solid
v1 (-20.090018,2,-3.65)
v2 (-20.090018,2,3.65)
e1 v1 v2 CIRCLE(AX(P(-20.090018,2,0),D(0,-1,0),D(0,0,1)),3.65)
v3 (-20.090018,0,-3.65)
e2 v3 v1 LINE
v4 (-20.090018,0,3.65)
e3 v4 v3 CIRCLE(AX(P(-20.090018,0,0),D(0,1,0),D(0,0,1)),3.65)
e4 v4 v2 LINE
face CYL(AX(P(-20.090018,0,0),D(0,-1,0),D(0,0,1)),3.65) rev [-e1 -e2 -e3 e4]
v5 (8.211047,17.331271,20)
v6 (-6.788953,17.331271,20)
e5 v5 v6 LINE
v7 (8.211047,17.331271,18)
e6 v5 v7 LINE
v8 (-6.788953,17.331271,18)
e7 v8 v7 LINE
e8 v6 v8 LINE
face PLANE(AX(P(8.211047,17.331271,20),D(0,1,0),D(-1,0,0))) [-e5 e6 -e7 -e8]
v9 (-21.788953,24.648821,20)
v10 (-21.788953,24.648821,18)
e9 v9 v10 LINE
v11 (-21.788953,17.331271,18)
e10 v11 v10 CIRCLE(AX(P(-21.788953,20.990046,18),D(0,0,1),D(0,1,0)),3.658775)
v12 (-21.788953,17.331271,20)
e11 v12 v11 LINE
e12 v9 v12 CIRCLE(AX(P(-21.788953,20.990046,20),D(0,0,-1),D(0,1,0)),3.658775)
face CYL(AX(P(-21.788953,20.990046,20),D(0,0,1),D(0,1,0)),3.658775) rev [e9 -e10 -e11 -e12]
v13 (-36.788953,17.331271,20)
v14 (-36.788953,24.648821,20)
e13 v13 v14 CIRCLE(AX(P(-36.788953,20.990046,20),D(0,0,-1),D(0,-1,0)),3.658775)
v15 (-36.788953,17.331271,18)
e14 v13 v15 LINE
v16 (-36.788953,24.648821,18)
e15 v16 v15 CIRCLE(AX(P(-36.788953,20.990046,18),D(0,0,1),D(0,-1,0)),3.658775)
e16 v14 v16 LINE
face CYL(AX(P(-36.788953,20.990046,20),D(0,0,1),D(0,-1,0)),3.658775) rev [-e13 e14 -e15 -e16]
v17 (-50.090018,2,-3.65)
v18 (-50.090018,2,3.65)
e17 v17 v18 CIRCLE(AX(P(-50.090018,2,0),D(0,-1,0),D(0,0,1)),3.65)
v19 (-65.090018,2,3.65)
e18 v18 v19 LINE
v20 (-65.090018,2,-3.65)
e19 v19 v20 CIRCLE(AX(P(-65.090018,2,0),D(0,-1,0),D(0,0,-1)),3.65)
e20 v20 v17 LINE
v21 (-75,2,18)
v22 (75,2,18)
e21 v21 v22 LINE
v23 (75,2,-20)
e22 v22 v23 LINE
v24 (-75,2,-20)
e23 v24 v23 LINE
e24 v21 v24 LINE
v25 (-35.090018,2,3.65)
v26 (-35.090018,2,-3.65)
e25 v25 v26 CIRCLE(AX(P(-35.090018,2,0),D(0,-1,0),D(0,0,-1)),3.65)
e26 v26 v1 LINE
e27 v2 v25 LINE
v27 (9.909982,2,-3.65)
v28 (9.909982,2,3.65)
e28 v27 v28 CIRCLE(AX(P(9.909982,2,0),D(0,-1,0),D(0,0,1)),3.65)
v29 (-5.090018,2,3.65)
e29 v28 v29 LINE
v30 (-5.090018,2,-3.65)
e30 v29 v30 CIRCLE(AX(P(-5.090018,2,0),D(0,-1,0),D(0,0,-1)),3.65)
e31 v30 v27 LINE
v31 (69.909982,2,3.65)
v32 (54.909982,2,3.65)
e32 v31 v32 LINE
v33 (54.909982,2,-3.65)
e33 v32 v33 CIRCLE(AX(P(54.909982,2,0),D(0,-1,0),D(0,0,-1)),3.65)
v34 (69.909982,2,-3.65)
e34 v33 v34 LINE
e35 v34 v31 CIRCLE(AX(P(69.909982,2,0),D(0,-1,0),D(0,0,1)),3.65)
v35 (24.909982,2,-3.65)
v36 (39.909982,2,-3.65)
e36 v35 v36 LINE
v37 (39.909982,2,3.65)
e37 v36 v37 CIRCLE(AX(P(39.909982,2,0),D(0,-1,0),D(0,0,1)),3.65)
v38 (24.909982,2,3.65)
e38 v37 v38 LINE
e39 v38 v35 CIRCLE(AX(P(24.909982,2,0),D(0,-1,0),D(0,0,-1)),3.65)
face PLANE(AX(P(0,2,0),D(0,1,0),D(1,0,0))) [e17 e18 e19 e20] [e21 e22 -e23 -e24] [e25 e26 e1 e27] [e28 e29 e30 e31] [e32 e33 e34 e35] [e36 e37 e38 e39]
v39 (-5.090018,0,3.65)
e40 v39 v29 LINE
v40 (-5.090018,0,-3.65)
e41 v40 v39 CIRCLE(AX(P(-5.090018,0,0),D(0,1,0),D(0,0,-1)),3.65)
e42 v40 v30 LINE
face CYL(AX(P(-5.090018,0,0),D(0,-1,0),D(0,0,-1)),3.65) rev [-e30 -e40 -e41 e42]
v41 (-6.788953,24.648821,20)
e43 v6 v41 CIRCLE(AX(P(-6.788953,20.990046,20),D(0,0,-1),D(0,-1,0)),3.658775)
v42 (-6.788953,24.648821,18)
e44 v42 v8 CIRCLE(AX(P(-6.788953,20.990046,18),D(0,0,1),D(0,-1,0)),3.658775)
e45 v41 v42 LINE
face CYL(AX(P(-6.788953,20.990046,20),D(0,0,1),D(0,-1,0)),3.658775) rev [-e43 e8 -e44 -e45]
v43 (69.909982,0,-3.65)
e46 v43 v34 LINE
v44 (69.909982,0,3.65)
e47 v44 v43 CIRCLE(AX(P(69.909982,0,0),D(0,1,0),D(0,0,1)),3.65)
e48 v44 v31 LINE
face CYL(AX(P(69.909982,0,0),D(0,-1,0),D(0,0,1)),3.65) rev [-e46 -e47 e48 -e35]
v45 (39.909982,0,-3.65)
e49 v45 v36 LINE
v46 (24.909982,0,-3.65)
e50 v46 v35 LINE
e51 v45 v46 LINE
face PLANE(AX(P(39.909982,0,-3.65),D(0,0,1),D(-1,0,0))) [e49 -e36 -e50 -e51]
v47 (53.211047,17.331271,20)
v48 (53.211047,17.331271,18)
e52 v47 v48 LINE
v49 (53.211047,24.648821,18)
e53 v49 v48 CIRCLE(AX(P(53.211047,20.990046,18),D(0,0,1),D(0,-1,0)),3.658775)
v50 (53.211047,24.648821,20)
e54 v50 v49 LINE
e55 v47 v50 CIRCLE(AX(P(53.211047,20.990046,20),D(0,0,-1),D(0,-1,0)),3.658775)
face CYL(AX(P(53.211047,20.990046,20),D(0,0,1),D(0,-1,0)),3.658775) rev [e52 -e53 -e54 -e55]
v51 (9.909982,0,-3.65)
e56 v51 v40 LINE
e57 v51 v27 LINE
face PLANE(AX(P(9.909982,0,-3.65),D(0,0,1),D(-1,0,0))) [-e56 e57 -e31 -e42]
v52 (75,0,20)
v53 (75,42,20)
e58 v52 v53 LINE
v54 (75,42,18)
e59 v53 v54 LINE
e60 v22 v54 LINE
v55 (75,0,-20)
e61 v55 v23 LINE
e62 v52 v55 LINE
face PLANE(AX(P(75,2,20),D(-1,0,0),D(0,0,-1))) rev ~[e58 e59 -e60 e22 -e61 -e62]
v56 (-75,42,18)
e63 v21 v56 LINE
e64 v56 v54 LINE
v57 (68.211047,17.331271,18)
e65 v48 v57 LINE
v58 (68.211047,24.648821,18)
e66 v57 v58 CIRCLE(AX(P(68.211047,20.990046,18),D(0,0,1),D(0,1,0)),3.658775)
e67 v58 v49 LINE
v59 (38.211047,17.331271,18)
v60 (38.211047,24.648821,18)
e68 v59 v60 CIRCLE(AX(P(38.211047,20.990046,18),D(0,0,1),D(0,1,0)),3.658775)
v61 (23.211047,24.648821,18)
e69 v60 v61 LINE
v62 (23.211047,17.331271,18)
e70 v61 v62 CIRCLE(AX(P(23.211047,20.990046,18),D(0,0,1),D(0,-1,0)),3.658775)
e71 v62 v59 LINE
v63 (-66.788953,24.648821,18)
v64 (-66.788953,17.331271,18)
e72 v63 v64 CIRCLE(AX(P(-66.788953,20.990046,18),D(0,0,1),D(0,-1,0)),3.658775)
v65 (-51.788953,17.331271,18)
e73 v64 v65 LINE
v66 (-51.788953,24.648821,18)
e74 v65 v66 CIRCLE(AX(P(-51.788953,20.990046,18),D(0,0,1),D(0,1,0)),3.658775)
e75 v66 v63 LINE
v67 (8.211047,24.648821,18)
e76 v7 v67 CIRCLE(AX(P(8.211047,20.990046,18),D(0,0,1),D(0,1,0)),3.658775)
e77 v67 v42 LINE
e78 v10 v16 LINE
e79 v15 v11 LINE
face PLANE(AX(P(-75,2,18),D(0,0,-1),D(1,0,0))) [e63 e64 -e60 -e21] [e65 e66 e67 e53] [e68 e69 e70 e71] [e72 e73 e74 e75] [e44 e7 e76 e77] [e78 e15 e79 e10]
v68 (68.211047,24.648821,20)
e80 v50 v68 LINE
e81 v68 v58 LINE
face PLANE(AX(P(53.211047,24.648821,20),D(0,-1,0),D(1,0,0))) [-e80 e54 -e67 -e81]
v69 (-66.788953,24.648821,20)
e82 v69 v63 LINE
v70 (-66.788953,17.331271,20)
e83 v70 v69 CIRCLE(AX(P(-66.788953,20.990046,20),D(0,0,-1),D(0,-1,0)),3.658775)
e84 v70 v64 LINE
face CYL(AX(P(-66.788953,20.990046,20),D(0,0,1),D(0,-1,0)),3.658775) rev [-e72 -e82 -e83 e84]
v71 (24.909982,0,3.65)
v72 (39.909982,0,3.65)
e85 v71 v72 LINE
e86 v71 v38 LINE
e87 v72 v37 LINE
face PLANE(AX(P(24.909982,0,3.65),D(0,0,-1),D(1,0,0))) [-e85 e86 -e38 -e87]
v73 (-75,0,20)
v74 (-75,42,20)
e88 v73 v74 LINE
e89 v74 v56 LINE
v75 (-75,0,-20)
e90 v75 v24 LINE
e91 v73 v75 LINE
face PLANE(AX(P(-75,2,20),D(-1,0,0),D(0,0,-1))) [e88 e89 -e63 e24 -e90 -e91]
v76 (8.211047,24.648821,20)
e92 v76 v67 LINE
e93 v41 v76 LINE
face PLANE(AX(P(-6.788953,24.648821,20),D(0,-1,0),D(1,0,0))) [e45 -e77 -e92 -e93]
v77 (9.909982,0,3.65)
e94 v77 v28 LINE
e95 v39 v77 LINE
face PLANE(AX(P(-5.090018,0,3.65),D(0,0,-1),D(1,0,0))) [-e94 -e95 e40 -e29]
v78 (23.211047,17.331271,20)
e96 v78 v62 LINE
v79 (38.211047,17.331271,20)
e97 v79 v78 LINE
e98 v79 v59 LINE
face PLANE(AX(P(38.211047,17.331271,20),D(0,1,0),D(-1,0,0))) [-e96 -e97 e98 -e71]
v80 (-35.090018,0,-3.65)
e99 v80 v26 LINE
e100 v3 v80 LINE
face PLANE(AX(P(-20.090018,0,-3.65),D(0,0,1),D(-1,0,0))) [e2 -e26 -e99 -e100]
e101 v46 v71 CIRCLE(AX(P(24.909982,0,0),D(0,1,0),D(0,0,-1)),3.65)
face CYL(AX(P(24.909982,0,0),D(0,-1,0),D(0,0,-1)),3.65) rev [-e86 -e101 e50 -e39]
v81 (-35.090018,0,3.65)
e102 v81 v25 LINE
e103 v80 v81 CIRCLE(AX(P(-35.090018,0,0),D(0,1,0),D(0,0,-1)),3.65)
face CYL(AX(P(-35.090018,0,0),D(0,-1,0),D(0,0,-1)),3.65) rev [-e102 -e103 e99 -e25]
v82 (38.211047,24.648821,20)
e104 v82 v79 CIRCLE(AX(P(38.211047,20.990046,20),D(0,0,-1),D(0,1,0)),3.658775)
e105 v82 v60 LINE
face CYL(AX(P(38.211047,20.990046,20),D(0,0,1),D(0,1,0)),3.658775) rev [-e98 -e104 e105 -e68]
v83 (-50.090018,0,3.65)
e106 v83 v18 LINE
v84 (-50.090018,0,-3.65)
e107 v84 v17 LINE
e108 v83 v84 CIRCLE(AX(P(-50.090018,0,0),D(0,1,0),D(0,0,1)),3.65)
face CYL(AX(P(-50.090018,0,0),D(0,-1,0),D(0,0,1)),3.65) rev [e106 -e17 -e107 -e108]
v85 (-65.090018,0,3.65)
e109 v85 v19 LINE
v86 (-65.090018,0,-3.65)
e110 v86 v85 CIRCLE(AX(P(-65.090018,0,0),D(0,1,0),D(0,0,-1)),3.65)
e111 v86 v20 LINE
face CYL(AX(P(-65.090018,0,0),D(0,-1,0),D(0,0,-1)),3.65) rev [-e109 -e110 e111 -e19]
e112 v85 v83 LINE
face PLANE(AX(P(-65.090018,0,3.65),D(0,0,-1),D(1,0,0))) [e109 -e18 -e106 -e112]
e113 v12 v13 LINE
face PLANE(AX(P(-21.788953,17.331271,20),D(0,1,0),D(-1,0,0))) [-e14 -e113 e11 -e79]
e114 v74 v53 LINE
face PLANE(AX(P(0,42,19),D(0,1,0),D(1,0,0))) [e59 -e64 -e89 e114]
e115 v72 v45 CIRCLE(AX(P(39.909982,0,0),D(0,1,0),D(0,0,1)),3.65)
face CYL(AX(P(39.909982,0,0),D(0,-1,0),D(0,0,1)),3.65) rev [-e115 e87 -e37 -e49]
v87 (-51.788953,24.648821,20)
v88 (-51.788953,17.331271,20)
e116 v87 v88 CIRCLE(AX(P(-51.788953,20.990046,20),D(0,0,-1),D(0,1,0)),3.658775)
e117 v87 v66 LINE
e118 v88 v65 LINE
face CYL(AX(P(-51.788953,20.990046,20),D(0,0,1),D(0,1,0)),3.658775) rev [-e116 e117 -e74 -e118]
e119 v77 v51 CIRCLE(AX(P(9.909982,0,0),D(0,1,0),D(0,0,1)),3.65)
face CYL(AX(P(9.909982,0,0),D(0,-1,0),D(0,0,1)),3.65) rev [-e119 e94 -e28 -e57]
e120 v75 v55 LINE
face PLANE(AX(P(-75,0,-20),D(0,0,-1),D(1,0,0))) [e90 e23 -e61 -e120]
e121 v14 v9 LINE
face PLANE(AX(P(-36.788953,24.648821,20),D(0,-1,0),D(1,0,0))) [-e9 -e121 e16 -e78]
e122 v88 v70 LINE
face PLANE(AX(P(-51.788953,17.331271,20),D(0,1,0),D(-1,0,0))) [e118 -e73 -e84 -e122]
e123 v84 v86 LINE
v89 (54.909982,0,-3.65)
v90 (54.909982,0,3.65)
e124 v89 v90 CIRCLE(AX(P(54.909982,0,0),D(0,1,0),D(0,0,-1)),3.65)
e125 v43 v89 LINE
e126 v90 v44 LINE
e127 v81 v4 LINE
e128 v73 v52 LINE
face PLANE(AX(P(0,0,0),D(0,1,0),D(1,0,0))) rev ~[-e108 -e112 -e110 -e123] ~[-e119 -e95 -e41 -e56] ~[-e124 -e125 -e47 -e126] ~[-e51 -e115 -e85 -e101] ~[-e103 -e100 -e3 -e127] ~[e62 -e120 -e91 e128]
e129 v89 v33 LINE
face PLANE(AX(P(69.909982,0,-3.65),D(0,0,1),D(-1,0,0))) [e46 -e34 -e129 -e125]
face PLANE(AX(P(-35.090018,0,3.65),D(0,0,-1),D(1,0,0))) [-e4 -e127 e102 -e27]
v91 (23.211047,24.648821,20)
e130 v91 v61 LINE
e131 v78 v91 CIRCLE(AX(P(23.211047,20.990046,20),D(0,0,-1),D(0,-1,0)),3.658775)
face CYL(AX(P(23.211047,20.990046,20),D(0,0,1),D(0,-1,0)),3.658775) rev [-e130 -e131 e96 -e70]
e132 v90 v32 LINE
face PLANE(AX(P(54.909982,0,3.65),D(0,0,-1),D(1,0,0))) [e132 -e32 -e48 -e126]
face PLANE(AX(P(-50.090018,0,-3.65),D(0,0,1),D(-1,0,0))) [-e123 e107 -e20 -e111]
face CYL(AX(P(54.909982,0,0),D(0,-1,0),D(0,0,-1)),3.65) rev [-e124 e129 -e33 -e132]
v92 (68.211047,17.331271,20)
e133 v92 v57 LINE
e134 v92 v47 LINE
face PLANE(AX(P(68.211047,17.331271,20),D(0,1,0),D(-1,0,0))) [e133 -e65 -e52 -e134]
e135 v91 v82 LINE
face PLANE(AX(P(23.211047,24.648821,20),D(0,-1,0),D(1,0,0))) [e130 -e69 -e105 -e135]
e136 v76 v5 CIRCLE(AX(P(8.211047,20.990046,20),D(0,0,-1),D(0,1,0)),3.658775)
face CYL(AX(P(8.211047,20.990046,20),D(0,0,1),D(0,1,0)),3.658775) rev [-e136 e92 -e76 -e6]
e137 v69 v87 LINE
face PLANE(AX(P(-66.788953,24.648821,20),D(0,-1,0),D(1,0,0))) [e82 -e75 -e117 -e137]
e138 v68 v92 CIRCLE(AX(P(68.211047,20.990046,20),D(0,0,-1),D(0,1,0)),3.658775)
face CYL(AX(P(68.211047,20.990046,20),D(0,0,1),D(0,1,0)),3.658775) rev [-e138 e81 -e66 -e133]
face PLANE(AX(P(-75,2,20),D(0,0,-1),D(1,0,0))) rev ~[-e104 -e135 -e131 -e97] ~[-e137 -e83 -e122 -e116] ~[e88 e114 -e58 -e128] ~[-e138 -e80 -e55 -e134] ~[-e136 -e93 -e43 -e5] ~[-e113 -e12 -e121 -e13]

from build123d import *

# Parameters (mm, degrees)
SKETCH1_W           = 150
SKETCH1_H           = 40
BOSS_EXTRUDE1_DEPTH = 2
SKETCH2_W           = 150
SKETCH2_H           = 2
BOSS_EXTRUDE2_DEPTH = 40
CUT_EXTRUDE2_DEPTH  = 10
CUT_EXTRUDE4_DEPTH  = 10


with BuildPart() as part:
    # Sketch1 → Boss-Extrude1 (new body)
    with BuildSketch(Plane(origin=(0, 0, 0), x_dir=(1, 0, 0), z_dir=(0, 1, 0))):
        Rectangle(SKETCH1_W, SKETCH1_H)
    extrude(amount=BOSS_EXTRUDE1_DEPTH)

    # Sketch2 → Boss-Extrude2 (add)
    with BuildSketch(Plane(origin=(0, 2, 0), x_dir=(1, 0, 0), z_dir=(0, 1, 0))):
        with Locations((0, -19)):
            Rectangle(SKETCH2_W, SKETCH2_H)
    extrude(amount=BOSS_EXTRUDE2_DEPTH)

    # Sketch3 → Cut-Extrude2 (cut)
    with BuildSketch(Plane.XY.offset(20)):
        with BuildLine():
            Line((-36.788952994, 24.648821368), (-21.788952994, 24.648821368))
            ThreePointArc((-21.788952994, 24.648821368), (-18.13017777, 20.990046144), (-21.788952994, 17.33127092))
            Line((-21.788952994, 17.33127092), (-36.788952994, 17.33127092))
            ThreePointArc((-36.788952994, 17.33127092), (-40.447728218, 20.990046144), (-36.788952994, 24.648821368))
        make_face()
        with BuildLine():
            Line((-66.788952994, 24.648821368), (-51.788952994, 24.648821368))
            ThreePointArc((-51.788952994, 24.648821368), (-48.13017777, 20.990046144), (-51.788952994, 17.33127092))
            Line((-51.788952994, 17.33127092), (-66.788952994, 17.33127092))
            ThreePointArc((-66.788952994, 17.33127092), (-70.447728218, 20.990046144), (-66.788952994, 24.648821368))
        make_face()
        with BuildLine():
            Line((-6.788952994, 24.648821368), (8.211047006, 24.648821368))
            ThreePointArc((8.211047006, 24.648821368), (11.86982223, 20.990046144), (8.211047006, 17.33127092))
            Line((8.211047006, 17.33127092), (-6.788952994, 17.33127092))
            ThreePointArc((-6.788952994, 17.33127092), (-10.447728218, 20.990046144), (-6.788952994, 24.648821368))
        make_face()
        with BuildLine():
            Line((23.211047006, 24.648821368), (38.211047006, 24.648821368))
            ThreePointArc((38.211047006, 24.648821368), (41.86982223, 20.990046144), (38.211047006, 17.33127092))
            Line((38.211047006, 17.33127092), (23.211047006, 17.33127092))
            ThreePointArc((23.211047006, 17.33127092), (19.552271782, 20.990046144), (23.211047006, 24.648821368))
        make_face()
        with BuildLine():
            Line((53.211047006, 24.648821368), (68.211047006, 24.648821368))
            ThreePointArc((68.211047006, 24.648821368), (71.86982223, 20.990046144), (68.211047006, 17.33127092))
            Line((68.211047006, 17.33127092), (53.211047006, 17.33127092))
            ThreePointArc((53.211047006, 17.33127092), (49.552271782, 20.990046144), (53.211047006, 24.648821368))
        make_face()
    extrude(amount=-CUT_EXTRUDE2_DEPTH, mode=Mode.SUBTRACT)

    # Sketch4 → Cut-Extrude4 (cut)
    with BuildSketch(Plane.XZ):
        with BuildLine():
            Line((-35.090017562, 3.65), (-20.090017562, 3.65))
            ThreePointArc((-20.090017562, 3.65), (-16.440017562, 0), (-20.090017562, -3.65))
            Line((-20.090017562, -3.65), (-35.090017562, -3.65))
            ThreePointArc((-35.090017562, -3.65), (-38.740017562, 0), (-35.090017562, 3.65))
        make_face()
        with BuildLine():
            Line((-65.090017562, 3.65), (-50.090017562, 3.65))
            ThreePointArc((-50.090017562, 3.65), (-46.440017562, 0), (-50.090017562, -3.65))
            Line((-50.090017562, -3.65), (-65.090017562, -3.65))
            ThreePointArc((-65.090017562, -3.65), (-68.740017562, 0), (-65.090017562, 3.65))
        make_face()
        with BuildLine():
            Line((-5.090017562, 3.65), (9.909982438, 3.65))
            ThreePointArc((9.909982438, 3.65), (13.559982438, 0), (9.909982438, -3.65))
            Line((9.909982438, -3.65), (-5.090017562, -3.65))
            ThreePointArc((-5.090017562, -3.65), (-8.740017562, 0), (-5.090017562, 3.65))
        make_face()
        with BuildLine():
            Line((24.909982438, 3.65), (39.909982438, 3.65))
            ThreePointArc((39.909982438, 3.65), (43.559982438, 0), (39.909982438, -3.65))
            Line((39.909982438, -3.65), (24.909982438, -3.65))
            ThreePointArc((24.909982438, -3.65), (21.259982438, 0), (24.909982438, 3.65))
        make_face()
        with BuildLine():
            Line((54.909982438, 3.65), (69.909982438, 3.65))
            ThreePointArc((69.909982438, 3.65), (73.559982438, 0), (69.909982438, -3.65))
            Line((69.909982438, -3.65), (54.909982438, -3.65))
            ThreePointArc((54.909982438, -3.65), (51.259982438, 0), (54.909982438, 3.65))
        make_face()
    extrude(amount=-CUT_EXTRUDE4_DEPTH, mode=Mode.SUBTRACT)


solid = part.part
